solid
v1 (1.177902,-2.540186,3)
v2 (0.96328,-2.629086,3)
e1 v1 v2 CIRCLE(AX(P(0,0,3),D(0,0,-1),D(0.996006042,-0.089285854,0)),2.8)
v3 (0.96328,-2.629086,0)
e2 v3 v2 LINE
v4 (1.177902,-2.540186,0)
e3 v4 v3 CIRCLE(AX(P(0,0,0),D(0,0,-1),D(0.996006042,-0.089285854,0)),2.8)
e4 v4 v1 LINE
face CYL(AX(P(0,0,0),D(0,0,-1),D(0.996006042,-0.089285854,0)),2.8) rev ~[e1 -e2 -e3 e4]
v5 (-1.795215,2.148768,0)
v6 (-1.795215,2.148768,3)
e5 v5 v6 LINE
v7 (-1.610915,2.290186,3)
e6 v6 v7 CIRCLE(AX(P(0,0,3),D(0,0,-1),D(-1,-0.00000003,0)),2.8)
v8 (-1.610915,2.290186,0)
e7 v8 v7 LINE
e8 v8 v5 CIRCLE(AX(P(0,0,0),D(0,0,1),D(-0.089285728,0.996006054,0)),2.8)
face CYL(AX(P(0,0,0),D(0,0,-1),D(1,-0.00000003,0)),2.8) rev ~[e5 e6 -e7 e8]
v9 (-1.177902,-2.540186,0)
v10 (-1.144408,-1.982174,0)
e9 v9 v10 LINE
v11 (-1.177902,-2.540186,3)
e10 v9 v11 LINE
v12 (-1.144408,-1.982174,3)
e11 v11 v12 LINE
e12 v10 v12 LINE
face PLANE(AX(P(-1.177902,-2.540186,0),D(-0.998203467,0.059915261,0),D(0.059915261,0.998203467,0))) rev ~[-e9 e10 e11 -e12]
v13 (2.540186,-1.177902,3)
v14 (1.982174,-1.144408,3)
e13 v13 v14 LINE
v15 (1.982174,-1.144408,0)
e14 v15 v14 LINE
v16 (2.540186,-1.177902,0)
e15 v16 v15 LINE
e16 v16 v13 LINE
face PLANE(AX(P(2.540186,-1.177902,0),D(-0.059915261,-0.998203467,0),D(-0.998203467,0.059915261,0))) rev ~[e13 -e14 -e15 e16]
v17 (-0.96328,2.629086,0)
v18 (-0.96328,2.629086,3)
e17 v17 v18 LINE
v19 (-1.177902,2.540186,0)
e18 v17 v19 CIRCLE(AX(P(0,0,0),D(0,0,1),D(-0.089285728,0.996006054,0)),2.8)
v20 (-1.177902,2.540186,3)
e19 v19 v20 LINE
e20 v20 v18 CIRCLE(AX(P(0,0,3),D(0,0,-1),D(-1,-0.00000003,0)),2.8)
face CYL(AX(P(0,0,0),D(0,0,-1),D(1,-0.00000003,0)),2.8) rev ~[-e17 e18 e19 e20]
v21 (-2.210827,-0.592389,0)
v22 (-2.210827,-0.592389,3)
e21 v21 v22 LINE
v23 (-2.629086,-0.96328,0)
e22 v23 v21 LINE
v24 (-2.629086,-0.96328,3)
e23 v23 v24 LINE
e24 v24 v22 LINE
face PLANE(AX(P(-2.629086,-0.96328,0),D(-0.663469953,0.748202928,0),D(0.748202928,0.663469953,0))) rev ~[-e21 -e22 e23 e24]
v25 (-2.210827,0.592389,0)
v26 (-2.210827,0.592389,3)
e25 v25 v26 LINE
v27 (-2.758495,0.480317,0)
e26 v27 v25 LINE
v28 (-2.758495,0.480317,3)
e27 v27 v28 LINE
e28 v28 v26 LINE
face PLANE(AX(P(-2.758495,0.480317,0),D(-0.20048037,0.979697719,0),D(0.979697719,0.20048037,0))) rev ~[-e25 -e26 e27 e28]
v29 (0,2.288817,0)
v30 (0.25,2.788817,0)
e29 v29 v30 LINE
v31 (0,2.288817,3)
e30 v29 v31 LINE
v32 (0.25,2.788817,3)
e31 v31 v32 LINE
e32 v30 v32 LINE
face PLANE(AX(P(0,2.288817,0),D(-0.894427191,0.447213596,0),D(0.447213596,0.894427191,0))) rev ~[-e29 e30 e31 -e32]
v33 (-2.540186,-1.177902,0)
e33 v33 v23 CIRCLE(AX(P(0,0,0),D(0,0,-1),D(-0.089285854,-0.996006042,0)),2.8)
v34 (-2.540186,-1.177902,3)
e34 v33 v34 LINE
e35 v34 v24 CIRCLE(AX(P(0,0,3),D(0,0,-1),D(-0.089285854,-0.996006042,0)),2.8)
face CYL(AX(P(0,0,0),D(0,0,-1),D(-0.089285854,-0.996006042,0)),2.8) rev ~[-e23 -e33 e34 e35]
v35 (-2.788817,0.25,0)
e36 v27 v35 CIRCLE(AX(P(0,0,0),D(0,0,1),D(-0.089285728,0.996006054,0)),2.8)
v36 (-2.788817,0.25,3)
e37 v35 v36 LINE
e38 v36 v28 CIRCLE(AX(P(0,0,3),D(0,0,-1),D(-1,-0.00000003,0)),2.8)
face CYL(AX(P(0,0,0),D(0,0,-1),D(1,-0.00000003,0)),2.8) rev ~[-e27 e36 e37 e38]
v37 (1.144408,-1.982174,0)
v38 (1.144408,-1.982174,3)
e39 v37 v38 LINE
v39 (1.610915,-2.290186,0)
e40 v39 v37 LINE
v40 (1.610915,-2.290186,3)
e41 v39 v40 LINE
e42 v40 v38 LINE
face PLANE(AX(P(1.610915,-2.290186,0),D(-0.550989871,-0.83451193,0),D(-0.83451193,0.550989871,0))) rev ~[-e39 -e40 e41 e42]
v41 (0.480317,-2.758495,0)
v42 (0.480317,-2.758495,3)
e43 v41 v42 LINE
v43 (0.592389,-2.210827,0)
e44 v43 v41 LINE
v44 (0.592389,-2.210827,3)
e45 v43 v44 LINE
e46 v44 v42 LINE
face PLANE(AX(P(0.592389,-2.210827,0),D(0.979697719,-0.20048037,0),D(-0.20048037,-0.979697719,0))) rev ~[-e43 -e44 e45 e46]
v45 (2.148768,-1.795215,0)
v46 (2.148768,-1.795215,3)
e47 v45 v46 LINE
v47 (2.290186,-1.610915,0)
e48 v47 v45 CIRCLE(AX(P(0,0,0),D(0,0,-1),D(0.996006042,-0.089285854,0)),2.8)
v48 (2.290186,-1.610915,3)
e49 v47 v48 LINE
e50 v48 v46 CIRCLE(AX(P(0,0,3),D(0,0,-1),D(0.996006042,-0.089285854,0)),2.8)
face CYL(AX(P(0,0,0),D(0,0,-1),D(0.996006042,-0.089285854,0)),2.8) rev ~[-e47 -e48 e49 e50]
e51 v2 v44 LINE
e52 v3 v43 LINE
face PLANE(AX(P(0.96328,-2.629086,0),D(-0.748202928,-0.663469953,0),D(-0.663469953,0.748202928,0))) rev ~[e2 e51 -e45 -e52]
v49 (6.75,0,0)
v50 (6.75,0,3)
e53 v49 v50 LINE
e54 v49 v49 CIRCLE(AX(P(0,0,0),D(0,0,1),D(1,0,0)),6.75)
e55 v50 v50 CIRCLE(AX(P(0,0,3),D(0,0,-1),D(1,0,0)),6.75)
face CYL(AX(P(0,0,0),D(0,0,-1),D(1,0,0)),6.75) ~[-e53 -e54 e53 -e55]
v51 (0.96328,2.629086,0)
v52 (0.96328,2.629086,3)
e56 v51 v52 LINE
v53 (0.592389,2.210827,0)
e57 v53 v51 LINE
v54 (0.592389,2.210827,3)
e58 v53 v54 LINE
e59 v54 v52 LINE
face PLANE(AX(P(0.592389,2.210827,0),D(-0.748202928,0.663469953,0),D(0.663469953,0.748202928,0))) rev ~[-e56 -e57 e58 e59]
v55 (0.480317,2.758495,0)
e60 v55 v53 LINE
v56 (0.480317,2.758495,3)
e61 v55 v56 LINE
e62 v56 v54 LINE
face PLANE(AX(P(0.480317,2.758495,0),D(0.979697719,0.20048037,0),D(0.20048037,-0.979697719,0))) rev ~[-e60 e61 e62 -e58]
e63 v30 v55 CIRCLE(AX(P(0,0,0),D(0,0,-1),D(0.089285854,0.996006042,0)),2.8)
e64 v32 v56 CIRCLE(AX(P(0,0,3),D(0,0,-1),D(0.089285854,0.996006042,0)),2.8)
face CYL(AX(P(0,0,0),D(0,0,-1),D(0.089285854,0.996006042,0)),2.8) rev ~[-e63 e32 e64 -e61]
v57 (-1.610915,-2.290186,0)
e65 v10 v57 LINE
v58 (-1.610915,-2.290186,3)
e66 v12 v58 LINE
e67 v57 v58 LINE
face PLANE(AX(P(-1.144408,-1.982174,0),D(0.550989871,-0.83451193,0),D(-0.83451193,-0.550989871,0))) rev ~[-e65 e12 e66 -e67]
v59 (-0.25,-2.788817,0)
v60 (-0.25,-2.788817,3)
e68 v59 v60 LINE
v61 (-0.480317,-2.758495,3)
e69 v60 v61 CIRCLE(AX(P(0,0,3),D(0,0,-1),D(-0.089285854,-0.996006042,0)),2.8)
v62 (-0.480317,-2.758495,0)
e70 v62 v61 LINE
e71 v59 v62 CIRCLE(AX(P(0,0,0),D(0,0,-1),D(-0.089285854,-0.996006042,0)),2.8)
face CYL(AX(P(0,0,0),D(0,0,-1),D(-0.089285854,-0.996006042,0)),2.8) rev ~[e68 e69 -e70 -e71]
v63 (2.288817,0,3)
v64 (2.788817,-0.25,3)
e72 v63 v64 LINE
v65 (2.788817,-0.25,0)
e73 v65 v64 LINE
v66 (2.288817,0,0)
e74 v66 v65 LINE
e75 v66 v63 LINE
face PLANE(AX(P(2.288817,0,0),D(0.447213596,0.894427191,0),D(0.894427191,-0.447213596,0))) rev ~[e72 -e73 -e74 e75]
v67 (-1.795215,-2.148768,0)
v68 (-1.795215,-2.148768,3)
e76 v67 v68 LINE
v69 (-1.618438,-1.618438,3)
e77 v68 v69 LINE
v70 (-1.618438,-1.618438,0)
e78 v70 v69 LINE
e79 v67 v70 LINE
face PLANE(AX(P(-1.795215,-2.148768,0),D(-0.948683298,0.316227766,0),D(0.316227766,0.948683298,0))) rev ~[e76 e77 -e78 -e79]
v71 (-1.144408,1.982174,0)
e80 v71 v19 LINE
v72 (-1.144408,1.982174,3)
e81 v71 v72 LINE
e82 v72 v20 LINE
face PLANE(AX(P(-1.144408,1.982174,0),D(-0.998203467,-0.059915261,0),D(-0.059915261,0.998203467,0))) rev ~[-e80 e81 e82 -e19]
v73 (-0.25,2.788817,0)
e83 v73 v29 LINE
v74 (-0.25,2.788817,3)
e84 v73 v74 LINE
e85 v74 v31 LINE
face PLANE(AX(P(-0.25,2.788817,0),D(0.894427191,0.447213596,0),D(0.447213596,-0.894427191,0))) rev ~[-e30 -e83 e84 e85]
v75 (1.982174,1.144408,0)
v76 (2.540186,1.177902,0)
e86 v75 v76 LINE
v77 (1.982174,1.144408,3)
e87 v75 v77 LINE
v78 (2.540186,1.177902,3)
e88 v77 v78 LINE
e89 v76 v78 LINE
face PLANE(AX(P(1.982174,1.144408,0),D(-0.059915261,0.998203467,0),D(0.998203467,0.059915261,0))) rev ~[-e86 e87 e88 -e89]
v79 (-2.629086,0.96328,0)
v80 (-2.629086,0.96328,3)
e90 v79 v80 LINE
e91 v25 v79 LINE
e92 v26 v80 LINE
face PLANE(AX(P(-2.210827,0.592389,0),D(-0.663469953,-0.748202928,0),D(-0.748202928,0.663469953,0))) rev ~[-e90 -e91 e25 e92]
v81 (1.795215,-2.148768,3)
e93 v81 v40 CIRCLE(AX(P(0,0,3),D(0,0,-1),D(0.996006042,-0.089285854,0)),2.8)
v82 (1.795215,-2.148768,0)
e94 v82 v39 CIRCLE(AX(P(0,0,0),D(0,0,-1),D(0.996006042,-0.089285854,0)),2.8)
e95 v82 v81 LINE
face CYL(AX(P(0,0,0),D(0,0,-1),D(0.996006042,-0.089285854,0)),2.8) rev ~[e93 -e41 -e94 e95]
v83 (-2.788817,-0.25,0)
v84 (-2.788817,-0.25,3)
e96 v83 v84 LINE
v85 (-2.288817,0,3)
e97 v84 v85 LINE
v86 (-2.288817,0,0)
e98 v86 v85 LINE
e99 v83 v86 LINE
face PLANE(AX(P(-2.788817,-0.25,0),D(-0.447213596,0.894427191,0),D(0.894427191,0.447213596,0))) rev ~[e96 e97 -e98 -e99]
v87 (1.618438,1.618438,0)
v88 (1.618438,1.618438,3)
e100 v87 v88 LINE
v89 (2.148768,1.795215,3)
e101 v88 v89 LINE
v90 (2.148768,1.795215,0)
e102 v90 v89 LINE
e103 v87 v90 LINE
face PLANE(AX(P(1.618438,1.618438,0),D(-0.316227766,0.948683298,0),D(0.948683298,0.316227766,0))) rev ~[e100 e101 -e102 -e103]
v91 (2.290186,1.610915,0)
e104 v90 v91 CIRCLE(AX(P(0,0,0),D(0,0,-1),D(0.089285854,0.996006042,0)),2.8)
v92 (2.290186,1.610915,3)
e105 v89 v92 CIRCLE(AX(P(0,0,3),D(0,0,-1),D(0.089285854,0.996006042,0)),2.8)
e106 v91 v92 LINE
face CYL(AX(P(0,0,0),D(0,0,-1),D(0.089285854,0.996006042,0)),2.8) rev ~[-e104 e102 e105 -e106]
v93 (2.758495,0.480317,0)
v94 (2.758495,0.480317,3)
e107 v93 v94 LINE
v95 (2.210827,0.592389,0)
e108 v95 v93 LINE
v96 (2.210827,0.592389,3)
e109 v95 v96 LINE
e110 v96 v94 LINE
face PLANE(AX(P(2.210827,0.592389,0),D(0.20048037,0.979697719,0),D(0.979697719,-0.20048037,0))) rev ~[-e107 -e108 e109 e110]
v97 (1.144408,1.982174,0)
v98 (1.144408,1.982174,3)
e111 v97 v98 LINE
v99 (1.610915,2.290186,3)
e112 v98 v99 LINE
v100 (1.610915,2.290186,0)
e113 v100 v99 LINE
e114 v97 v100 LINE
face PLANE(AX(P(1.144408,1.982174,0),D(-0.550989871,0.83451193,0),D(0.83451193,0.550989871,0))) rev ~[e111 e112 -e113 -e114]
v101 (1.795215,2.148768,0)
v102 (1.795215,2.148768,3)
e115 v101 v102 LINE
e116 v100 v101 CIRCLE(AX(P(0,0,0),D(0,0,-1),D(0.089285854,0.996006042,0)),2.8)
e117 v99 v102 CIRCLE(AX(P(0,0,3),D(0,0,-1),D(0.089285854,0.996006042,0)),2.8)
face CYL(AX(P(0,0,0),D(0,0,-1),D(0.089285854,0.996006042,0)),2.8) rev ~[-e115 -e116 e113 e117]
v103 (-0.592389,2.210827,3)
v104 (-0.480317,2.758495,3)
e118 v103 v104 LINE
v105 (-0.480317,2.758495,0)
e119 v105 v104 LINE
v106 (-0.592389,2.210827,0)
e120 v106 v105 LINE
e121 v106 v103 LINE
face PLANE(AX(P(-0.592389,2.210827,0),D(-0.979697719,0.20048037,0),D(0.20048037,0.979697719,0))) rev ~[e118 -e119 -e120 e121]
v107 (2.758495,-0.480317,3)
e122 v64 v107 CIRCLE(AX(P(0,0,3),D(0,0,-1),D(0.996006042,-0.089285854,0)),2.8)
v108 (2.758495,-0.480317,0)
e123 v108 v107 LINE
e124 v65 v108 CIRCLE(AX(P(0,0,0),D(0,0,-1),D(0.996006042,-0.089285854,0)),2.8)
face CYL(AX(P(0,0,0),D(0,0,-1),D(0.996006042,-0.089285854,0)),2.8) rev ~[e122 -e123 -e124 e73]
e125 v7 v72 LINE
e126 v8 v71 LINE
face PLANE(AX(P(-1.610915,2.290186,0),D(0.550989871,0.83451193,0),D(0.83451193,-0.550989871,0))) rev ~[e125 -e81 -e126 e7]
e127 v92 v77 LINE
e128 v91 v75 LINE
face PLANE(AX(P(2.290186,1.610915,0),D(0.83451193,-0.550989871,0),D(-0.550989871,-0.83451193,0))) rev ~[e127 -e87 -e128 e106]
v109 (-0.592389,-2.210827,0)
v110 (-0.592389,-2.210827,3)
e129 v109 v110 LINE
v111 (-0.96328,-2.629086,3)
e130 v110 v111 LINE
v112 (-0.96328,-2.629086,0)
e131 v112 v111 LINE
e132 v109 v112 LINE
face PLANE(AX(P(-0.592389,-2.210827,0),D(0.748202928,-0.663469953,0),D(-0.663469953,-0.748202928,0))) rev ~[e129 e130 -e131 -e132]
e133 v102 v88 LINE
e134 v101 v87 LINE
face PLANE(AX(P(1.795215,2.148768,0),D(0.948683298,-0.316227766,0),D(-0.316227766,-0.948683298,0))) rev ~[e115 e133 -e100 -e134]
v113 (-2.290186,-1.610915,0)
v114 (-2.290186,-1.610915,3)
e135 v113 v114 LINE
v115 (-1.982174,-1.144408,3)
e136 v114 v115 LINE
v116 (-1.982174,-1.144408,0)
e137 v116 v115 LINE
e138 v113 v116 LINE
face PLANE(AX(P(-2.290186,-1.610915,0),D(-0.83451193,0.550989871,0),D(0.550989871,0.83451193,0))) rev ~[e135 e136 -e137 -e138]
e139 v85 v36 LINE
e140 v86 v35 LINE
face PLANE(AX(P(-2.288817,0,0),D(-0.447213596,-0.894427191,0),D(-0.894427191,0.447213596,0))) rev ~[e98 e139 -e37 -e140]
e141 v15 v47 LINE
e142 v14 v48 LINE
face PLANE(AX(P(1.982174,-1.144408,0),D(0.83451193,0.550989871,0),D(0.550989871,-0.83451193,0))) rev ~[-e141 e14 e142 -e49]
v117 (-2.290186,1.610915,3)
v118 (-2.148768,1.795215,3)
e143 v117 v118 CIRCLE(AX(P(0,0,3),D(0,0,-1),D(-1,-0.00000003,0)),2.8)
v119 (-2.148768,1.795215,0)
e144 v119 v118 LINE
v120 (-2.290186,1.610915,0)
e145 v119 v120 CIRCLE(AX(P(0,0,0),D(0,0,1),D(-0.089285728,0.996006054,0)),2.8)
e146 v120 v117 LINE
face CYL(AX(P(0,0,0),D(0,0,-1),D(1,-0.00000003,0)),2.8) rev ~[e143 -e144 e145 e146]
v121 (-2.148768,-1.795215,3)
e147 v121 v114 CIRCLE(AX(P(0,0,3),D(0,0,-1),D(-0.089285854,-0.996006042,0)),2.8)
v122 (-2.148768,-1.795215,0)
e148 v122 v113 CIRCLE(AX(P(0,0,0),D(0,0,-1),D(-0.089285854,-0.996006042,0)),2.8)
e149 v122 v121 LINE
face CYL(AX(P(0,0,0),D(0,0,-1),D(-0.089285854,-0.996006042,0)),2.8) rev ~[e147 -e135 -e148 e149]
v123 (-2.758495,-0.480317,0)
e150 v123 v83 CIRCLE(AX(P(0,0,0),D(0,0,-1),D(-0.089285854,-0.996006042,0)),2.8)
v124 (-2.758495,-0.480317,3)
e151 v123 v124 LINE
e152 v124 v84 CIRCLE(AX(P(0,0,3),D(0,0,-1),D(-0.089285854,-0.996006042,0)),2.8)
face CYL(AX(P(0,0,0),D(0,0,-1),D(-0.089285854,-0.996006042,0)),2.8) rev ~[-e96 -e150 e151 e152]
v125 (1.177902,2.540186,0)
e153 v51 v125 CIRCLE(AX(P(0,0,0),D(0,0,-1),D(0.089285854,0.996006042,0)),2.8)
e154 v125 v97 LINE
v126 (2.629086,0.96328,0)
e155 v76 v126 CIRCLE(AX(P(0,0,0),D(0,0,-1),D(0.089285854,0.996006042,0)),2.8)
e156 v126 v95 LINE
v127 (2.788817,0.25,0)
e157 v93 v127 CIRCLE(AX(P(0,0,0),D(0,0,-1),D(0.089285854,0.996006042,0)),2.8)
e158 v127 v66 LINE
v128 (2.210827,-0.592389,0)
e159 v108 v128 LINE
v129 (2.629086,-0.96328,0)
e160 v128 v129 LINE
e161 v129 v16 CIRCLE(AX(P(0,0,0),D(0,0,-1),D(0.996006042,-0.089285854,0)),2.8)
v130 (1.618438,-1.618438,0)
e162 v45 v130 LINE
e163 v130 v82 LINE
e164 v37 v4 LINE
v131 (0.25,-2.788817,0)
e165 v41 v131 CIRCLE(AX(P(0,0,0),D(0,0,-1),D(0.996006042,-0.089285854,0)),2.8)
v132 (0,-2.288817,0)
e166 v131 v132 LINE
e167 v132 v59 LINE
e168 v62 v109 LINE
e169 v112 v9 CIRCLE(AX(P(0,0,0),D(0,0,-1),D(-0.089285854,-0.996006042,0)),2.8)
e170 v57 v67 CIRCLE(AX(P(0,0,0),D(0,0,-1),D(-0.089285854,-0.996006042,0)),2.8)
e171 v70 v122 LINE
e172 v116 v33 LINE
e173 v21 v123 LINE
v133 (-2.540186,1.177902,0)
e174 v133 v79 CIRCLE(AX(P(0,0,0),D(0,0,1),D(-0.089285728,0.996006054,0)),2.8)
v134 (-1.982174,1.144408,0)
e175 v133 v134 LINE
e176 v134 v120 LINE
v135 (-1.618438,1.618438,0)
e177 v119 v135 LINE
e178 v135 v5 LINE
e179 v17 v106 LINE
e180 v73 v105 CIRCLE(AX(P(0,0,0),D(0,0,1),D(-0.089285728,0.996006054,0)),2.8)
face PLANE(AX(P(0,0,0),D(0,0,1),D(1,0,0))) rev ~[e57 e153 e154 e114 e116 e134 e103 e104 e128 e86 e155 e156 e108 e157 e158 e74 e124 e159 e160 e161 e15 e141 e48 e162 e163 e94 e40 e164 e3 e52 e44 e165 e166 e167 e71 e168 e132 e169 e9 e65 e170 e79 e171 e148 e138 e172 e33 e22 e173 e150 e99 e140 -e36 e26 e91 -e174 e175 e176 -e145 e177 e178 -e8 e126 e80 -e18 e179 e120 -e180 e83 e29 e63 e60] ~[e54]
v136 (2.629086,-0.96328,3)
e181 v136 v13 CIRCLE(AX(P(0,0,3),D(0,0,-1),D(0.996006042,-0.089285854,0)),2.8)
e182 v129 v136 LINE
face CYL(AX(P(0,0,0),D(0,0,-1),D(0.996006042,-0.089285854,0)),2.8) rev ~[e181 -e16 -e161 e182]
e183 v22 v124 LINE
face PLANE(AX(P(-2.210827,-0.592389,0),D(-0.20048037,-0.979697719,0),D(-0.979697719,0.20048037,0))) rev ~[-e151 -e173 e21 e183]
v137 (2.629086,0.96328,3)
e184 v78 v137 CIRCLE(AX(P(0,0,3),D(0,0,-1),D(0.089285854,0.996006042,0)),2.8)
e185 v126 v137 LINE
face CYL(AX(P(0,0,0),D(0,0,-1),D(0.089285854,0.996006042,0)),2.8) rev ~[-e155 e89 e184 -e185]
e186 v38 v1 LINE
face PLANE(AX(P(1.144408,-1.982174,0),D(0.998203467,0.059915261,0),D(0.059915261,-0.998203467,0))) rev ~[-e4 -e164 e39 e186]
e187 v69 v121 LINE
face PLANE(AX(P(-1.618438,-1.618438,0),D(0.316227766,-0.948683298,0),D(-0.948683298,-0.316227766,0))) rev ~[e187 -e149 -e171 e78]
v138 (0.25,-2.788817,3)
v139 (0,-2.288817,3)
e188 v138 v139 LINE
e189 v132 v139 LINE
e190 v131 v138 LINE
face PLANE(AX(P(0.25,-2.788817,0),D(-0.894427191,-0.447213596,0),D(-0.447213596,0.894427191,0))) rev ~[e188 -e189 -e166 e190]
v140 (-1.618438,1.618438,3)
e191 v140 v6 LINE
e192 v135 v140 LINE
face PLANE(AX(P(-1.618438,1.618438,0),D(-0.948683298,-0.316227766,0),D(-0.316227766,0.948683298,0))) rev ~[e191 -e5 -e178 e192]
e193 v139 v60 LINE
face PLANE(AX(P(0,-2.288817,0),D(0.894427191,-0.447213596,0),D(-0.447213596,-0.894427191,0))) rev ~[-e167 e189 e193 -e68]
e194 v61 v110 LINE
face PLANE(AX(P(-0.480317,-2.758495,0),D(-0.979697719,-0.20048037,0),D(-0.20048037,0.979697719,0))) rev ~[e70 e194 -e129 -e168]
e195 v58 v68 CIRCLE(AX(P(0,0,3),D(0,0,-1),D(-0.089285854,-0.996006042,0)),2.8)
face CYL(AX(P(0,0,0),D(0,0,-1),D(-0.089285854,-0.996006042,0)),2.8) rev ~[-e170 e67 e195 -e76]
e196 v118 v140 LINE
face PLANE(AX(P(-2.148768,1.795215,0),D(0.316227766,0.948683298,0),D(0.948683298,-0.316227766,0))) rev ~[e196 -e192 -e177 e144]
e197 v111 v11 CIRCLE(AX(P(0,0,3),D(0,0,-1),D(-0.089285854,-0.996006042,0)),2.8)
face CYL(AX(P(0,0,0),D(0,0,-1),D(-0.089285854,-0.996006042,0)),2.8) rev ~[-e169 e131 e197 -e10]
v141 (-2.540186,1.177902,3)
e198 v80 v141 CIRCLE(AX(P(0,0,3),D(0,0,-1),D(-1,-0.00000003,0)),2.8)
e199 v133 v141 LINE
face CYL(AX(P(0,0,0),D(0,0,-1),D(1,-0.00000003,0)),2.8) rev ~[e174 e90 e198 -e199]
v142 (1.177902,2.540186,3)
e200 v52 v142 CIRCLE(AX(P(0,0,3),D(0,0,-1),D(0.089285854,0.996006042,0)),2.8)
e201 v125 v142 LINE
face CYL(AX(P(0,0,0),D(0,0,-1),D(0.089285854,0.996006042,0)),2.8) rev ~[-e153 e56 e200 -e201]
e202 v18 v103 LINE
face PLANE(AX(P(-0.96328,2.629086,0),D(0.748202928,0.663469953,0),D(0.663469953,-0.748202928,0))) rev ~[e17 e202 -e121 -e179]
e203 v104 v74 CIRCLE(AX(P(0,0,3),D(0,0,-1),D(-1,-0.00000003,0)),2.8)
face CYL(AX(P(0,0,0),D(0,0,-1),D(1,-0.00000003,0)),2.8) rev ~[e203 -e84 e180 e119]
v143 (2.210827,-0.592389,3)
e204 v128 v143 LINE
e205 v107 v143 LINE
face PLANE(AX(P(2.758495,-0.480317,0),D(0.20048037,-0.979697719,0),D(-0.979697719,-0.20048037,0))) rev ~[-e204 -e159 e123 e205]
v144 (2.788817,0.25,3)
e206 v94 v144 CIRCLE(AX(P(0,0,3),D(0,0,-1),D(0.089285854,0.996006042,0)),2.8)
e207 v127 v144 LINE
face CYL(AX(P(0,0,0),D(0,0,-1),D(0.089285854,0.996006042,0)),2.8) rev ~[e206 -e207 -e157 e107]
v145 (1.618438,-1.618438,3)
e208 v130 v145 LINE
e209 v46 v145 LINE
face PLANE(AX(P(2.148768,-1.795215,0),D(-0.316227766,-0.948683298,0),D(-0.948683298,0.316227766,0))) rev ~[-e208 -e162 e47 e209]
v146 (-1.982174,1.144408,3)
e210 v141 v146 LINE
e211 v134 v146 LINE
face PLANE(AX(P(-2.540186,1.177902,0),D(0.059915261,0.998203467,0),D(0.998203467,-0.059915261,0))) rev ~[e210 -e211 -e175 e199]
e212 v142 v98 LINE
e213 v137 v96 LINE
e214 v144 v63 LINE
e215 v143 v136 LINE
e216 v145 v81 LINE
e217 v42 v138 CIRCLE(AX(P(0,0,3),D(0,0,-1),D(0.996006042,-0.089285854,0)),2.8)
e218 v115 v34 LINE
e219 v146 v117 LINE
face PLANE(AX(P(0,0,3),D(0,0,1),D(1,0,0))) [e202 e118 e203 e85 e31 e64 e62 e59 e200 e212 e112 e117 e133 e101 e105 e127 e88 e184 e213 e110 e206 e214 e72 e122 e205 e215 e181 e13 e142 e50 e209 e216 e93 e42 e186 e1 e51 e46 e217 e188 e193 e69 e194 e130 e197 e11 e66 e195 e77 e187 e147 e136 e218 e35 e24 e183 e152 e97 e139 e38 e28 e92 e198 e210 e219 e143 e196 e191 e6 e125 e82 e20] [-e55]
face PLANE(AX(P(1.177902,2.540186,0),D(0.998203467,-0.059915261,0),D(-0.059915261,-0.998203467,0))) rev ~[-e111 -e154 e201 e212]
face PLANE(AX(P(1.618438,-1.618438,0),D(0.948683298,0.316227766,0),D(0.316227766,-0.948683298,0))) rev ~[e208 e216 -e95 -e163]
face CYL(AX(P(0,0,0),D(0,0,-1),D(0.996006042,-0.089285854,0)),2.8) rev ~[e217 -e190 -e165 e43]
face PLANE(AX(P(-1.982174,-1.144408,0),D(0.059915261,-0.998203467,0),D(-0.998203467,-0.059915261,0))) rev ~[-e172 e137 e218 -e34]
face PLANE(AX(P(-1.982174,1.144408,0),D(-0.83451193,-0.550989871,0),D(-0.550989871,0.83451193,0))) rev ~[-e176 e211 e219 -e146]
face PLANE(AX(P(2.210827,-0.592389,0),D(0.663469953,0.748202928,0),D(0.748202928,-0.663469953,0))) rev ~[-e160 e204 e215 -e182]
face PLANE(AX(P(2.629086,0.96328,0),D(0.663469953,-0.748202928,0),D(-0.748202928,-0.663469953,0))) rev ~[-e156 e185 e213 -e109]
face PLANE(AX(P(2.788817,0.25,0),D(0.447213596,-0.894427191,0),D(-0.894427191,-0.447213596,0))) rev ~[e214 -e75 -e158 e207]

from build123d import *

# Parameters (mm, degrees)
F0_R     = 6.75
F1_DEPTH = 3
F2_COUNT = 24


with BuildPart() as f1:
    # F0 (on Top) → F1 (new body)
    with BuildSketch(Plane.XY):
        Circle(F0_R)
        with BuildLine():
            ThreePointArc((0.25, 2.788817), (2.066398, 1.889444), (2.8, 0))
            ThreePointArc((2.8, 0), (-1.889444, -2.066398), (-0.25, 2.788817))
            Line((-0.25, 2.788817), (-0.25, 3.288817))
            Line((-0.25, 3.288817), (0.25, 3.288817))
            Line((0.25, 3.288817), (0.25, 2.788817))
        make_face(mode=Mode.SUBTRACT)
        with BuildLine():
            ThreePointArc((-0.25, 2.788817), (0, 2.8), (0.25, 2.788817))
            Line((0.25, 2.788817), (0.25, 3.288817))
            Line((0.25, 3.288817), (-0.25, 3.288817))
            Line((-0.25, 3.288817), (-0.25, 2.788817))
        make_face()
        Polygon((0, 2.288817), (0.25, 2.788817), (-0.25, 2.788817), align=None)
        with BuildLine():
            Line((-0.25, 2.788817), (0.25, 2.788817))
            ThreePointArc((0.25, 2.788817), (0, 2.8), (-0.25, 2.788817))
        make_face()
    extrude(amount=F1_DEPTH)

    # F2: F1 ×24 about axis
    f2_axis = Axis((0, 0, 0), (0, 0, -1))


with BuildPart() as f1_1:
    add(f1.part)
    for i in range(1, F2_COUNT):
        add(f1.part.rotate(f2_axis, i * 360 / F2_COUNT))


solid = f1_1.part
